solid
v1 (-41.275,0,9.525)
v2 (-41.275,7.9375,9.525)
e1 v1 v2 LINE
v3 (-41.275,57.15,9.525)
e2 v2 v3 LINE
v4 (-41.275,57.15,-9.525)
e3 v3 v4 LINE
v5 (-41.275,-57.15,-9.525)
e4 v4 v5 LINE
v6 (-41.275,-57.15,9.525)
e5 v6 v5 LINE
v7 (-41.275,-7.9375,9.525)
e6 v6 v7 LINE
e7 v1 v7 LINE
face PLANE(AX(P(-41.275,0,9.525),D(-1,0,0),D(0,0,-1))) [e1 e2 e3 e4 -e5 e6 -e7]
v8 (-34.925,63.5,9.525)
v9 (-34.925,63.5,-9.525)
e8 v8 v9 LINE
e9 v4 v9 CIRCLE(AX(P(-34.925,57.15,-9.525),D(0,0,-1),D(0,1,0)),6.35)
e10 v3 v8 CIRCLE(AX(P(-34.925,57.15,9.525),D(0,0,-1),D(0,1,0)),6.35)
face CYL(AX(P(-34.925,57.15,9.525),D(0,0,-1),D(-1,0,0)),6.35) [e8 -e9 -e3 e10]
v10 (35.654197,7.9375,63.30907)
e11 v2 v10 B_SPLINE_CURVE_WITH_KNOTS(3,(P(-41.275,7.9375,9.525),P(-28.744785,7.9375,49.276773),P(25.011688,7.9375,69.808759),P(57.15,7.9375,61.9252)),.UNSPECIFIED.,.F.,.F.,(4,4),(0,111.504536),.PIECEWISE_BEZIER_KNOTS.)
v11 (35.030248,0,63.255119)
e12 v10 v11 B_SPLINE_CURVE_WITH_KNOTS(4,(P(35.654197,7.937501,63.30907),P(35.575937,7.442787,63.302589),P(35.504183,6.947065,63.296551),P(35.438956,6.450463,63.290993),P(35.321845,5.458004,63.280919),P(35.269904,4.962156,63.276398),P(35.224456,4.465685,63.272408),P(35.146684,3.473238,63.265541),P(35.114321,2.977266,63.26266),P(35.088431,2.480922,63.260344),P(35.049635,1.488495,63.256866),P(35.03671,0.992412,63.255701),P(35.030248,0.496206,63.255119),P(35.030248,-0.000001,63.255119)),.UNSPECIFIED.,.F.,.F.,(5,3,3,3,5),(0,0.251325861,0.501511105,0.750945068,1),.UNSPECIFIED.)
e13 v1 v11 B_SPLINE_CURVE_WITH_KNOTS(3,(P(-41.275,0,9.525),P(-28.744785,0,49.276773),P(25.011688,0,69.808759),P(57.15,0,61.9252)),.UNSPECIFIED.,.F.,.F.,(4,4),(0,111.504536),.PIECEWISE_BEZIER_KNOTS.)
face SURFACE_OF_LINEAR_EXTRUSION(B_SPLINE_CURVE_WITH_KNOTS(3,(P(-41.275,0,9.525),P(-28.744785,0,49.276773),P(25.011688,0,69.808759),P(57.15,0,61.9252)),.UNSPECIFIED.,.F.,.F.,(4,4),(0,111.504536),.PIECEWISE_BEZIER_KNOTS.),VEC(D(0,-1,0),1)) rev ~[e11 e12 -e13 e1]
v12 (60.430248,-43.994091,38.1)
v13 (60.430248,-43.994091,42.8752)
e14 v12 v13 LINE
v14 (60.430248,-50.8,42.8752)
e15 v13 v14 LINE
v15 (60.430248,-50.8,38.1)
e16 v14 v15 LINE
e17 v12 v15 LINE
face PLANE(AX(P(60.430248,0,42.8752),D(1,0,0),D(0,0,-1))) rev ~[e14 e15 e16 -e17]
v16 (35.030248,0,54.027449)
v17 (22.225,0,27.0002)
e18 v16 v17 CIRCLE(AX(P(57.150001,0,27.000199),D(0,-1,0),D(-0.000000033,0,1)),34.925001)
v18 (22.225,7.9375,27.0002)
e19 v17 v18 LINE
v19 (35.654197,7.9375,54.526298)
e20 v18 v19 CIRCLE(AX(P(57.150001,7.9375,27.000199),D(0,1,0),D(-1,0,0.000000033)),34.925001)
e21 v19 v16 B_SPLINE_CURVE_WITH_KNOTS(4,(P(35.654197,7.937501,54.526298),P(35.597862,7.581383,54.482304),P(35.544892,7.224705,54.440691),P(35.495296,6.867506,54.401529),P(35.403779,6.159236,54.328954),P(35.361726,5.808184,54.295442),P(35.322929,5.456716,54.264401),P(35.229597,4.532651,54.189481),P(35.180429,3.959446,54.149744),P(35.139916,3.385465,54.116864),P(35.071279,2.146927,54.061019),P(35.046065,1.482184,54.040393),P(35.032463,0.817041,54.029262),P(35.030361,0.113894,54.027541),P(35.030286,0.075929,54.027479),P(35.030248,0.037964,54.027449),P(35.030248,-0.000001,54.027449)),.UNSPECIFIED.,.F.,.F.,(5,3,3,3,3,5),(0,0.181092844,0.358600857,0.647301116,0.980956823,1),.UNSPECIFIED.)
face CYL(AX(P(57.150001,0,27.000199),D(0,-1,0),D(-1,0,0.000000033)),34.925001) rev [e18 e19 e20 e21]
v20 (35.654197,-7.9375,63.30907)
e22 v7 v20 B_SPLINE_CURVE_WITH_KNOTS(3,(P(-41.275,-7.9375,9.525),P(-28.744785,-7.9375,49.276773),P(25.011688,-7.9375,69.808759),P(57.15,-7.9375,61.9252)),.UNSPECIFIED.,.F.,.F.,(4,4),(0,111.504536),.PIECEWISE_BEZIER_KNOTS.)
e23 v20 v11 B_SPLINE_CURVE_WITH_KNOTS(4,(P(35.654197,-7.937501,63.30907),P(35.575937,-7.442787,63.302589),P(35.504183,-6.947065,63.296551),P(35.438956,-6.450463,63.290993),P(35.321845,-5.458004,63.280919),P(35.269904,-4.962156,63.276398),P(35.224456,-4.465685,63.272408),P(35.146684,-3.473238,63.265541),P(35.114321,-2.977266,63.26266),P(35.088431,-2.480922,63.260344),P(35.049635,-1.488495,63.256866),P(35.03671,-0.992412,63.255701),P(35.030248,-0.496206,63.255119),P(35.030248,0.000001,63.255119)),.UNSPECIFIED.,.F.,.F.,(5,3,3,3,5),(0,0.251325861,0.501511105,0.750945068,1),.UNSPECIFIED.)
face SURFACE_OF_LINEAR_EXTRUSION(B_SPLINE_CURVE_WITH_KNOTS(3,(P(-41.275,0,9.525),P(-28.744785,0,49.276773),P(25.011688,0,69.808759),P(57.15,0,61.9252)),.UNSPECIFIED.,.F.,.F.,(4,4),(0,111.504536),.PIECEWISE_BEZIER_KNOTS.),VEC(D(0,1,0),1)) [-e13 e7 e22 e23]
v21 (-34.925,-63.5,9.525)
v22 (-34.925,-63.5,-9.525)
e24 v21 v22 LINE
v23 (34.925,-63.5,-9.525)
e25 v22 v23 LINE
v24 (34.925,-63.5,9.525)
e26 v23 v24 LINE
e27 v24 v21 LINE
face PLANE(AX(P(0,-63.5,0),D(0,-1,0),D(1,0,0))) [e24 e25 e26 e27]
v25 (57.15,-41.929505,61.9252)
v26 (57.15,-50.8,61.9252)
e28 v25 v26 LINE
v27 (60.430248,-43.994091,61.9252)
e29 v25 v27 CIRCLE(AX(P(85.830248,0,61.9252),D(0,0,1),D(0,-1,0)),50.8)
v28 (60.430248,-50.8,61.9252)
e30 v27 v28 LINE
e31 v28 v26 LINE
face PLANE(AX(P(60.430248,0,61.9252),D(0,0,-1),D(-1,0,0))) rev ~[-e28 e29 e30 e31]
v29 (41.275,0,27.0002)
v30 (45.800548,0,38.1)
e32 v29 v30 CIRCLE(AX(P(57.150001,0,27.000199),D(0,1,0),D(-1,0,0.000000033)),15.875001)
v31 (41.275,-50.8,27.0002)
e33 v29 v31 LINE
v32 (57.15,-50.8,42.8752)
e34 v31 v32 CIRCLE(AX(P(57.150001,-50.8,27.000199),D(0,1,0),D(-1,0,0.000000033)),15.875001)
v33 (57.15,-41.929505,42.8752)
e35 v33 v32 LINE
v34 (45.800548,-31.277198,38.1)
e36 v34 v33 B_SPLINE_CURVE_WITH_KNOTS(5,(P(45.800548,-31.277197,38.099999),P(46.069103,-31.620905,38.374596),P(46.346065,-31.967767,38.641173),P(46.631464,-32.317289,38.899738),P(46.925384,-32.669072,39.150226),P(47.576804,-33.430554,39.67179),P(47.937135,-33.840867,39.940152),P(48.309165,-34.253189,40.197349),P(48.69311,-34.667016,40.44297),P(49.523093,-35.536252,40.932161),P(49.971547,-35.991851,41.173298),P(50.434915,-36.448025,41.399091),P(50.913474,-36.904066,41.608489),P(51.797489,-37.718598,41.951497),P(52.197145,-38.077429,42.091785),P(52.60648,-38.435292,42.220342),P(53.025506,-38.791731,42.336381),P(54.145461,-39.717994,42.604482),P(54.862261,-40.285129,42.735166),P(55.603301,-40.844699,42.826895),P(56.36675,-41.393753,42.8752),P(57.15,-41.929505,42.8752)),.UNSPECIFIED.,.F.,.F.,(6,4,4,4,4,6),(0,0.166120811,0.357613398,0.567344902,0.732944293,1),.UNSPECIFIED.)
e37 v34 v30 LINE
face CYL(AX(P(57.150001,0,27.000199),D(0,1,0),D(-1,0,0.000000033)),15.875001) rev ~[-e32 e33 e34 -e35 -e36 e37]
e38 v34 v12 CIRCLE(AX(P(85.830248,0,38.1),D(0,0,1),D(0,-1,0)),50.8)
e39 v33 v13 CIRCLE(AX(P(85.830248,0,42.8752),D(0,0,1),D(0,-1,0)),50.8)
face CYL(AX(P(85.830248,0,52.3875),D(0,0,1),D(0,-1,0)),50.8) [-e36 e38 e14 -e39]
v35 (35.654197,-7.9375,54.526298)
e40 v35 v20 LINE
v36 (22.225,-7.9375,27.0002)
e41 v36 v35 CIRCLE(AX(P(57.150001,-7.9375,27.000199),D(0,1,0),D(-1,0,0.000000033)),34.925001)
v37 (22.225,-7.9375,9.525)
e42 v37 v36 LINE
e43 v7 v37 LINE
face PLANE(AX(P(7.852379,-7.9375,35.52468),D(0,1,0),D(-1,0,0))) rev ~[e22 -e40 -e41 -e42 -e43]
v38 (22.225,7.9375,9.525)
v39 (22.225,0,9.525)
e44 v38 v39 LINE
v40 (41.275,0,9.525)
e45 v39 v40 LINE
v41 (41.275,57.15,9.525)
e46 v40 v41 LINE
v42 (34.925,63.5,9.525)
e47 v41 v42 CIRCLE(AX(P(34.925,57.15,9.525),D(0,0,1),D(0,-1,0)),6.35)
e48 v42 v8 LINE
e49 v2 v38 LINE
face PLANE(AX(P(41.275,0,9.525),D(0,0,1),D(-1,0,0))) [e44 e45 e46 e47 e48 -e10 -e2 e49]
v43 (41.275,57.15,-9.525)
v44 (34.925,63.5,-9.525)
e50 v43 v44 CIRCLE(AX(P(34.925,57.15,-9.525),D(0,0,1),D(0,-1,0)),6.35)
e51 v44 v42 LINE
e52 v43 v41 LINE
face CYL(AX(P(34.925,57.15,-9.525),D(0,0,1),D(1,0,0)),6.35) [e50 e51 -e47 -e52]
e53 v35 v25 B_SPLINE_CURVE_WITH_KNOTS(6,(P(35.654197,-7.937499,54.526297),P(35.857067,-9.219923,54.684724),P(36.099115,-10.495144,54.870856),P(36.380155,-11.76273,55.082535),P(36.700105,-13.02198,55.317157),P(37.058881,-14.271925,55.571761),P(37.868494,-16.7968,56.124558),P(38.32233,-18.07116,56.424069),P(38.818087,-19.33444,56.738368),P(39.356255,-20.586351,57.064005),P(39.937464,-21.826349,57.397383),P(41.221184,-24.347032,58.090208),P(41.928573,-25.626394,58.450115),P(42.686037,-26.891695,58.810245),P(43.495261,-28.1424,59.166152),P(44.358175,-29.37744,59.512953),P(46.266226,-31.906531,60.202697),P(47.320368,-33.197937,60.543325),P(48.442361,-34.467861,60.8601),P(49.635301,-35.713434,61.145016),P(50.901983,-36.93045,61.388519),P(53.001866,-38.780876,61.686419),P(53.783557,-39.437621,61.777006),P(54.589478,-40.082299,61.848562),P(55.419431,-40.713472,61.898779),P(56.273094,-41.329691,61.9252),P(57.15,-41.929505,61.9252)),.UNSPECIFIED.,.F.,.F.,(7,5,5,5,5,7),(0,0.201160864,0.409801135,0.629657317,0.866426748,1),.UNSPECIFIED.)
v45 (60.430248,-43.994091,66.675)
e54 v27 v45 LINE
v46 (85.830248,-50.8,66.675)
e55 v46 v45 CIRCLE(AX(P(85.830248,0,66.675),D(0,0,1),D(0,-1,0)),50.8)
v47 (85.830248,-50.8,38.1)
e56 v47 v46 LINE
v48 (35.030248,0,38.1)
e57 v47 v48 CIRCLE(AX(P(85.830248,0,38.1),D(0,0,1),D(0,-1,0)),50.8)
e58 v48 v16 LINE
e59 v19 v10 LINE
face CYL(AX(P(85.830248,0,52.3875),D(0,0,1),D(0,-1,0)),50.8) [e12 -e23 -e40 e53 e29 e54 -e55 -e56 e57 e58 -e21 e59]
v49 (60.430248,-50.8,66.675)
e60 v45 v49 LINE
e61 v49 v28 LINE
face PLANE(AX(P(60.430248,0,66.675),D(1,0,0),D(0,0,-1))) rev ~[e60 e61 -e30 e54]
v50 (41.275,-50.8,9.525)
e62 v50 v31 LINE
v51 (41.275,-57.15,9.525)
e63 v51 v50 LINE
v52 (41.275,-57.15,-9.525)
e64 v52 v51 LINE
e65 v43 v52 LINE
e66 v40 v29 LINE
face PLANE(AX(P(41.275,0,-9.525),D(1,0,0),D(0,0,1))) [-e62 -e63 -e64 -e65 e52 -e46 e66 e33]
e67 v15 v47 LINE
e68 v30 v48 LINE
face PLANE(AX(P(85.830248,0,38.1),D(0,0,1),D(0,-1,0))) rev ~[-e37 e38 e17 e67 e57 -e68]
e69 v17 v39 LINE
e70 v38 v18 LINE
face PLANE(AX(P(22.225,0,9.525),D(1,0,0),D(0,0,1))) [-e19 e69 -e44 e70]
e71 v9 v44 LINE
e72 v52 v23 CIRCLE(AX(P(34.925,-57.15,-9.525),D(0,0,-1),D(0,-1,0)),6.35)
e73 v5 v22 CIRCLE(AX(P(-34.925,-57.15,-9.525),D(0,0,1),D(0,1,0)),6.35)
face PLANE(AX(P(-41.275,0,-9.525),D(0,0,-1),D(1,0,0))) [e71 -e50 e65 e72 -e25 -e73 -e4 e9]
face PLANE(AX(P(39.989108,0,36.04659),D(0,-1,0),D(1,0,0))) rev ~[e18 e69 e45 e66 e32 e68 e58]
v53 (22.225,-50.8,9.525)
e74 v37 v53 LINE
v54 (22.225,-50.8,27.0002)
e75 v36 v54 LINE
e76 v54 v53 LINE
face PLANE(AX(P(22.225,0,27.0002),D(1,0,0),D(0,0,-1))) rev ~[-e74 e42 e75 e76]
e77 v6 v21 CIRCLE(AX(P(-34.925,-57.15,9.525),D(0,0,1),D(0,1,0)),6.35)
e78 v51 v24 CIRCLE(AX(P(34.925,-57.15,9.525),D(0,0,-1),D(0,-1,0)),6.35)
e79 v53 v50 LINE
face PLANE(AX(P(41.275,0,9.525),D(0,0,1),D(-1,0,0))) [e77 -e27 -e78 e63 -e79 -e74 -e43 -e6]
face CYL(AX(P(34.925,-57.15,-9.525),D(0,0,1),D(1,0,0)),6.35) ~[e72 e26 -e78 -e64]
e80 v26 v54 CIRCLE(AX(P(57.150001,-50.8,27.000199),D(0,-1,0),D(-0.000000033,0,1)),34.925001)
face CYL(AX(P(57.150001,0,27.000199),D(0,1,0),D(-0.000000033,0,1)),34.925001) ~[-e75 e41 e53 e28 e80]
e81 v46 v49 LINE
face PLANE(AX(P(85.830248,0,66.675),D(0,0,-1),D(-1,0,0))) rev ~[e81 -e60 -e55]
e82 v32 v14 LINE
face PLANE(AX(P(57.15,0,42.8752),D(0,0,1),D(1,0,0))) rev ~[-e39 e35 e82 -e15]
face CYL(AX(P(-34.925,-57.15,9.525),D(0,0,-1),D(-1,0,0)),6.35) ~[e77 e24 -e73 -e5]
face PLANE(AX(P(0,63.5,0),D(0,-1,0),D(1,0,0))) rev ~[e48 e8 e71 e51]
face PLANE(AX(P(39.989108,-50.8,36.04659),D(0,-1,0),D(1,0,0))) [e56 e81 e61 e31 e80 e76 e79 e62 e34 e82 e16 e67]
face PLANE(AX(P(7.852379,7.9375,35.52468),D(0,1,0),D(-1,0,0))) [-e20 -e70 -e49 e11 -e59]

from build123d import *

# Parameters (mm, degrees)
F1_DEPTH  = 63.5
F2_DEPTH  = 50.8
F3_DEPTH  = 7.9375
F2_FACE_W = 50.8
F2_FACE_H = 28.575
F5_R      = 6.35


with BuildPart() as f1:
    # F0 (on Front) → F1 (new body, symmetric)
    with BuildSketch(Plane.XZ):
        Polygon((-41.275, 9.525), (-41.275, -9.525), (41.275, -9.525), (41.275, 9.525), (22.225, 9.525), align=None)
    extrude(amount=F1_DEPTH, both=True)

    # F0 (on Front) → F2 (join)
    with BuildSketch(Plane.XZ):
        with BuildLine():
            Line((22.225, 9.525), (41.275, 9.525))
            Line((41.275, 9.525), (41.275, 27.0002))
            ThreePointArc((41.275, 27.0002), (45.92468, 38.22552), (57.15, 42.8752))
            Line((57.15, 42.8752), (60.430248, 42.8752))
            Line((60.430248, 42.8752), (60.430248, 61.9252))
            Line((60.430248, 61.9252), (57.15, 61.9252))
            ThreePointArc((57.15, 61.9252), (32.454296, 51.695904), (22.225, 27.0002))
            Line((22.225, 27.0002), (22.225, 9.525))
        make_face()
        Polygon((60.430248, 66.675), (60.430248, 61.9252), (60.430248, 42.8752), (60.430248, 38.1), (85.830248, 38.1), (85.830248, 66.675), align=None)
    extrude(amount=F2_DEPTH)

    # F0 (on Front) → F3 (join, symmetric)
    with BuildSketch(Plane.XZ):
        with BuildLine():
            add(Edge.make_bspline(
                [(-41.275, 9.525), (-28.744785, 49.276773), (25.011688, 69.808759), (57.15, 61.9252)],
                knots=[0, 0, 0, 0, 111.504536, 111.504536, 111.504536, 111.504536], degree=3))
            Line((-41.275, 9.525), (22.225, 9.525))
            Line((22.225, 9.525), (22.225, 27.0002))
            ThreePointArc((22.225, 27.0002), (32.454296, 51.695904), (57.15, 61.9252))
        make_face()
    extrude(amount=F3_DEPTH, both=True)

    # F2_face (on face) → F4 (revolve)
    with BuildSketch(Plane(origin=(85.830248, -25.4, 52.3875), x_dir=(0, 1, 0), z_dir=(1, 0, 0))):
        Rectangle(F2_FACE_W, F2_FACE_H)
    revolve(axis=Axis((85.830248, 0, 52.3875), (0, 0, 1)))

    # F5
    f5_edges = [f1.edges().sort_by_distance(p)[0] for p in [
        (41.275, -63.5, 0),
        (-41.275, -63.5, 0),
        (41.275, 63.5, 0),
        (-41.275, 63.5, 0),
    ]]
    fillet(f5_edges, radius=F5_R)


solid = f1.part
